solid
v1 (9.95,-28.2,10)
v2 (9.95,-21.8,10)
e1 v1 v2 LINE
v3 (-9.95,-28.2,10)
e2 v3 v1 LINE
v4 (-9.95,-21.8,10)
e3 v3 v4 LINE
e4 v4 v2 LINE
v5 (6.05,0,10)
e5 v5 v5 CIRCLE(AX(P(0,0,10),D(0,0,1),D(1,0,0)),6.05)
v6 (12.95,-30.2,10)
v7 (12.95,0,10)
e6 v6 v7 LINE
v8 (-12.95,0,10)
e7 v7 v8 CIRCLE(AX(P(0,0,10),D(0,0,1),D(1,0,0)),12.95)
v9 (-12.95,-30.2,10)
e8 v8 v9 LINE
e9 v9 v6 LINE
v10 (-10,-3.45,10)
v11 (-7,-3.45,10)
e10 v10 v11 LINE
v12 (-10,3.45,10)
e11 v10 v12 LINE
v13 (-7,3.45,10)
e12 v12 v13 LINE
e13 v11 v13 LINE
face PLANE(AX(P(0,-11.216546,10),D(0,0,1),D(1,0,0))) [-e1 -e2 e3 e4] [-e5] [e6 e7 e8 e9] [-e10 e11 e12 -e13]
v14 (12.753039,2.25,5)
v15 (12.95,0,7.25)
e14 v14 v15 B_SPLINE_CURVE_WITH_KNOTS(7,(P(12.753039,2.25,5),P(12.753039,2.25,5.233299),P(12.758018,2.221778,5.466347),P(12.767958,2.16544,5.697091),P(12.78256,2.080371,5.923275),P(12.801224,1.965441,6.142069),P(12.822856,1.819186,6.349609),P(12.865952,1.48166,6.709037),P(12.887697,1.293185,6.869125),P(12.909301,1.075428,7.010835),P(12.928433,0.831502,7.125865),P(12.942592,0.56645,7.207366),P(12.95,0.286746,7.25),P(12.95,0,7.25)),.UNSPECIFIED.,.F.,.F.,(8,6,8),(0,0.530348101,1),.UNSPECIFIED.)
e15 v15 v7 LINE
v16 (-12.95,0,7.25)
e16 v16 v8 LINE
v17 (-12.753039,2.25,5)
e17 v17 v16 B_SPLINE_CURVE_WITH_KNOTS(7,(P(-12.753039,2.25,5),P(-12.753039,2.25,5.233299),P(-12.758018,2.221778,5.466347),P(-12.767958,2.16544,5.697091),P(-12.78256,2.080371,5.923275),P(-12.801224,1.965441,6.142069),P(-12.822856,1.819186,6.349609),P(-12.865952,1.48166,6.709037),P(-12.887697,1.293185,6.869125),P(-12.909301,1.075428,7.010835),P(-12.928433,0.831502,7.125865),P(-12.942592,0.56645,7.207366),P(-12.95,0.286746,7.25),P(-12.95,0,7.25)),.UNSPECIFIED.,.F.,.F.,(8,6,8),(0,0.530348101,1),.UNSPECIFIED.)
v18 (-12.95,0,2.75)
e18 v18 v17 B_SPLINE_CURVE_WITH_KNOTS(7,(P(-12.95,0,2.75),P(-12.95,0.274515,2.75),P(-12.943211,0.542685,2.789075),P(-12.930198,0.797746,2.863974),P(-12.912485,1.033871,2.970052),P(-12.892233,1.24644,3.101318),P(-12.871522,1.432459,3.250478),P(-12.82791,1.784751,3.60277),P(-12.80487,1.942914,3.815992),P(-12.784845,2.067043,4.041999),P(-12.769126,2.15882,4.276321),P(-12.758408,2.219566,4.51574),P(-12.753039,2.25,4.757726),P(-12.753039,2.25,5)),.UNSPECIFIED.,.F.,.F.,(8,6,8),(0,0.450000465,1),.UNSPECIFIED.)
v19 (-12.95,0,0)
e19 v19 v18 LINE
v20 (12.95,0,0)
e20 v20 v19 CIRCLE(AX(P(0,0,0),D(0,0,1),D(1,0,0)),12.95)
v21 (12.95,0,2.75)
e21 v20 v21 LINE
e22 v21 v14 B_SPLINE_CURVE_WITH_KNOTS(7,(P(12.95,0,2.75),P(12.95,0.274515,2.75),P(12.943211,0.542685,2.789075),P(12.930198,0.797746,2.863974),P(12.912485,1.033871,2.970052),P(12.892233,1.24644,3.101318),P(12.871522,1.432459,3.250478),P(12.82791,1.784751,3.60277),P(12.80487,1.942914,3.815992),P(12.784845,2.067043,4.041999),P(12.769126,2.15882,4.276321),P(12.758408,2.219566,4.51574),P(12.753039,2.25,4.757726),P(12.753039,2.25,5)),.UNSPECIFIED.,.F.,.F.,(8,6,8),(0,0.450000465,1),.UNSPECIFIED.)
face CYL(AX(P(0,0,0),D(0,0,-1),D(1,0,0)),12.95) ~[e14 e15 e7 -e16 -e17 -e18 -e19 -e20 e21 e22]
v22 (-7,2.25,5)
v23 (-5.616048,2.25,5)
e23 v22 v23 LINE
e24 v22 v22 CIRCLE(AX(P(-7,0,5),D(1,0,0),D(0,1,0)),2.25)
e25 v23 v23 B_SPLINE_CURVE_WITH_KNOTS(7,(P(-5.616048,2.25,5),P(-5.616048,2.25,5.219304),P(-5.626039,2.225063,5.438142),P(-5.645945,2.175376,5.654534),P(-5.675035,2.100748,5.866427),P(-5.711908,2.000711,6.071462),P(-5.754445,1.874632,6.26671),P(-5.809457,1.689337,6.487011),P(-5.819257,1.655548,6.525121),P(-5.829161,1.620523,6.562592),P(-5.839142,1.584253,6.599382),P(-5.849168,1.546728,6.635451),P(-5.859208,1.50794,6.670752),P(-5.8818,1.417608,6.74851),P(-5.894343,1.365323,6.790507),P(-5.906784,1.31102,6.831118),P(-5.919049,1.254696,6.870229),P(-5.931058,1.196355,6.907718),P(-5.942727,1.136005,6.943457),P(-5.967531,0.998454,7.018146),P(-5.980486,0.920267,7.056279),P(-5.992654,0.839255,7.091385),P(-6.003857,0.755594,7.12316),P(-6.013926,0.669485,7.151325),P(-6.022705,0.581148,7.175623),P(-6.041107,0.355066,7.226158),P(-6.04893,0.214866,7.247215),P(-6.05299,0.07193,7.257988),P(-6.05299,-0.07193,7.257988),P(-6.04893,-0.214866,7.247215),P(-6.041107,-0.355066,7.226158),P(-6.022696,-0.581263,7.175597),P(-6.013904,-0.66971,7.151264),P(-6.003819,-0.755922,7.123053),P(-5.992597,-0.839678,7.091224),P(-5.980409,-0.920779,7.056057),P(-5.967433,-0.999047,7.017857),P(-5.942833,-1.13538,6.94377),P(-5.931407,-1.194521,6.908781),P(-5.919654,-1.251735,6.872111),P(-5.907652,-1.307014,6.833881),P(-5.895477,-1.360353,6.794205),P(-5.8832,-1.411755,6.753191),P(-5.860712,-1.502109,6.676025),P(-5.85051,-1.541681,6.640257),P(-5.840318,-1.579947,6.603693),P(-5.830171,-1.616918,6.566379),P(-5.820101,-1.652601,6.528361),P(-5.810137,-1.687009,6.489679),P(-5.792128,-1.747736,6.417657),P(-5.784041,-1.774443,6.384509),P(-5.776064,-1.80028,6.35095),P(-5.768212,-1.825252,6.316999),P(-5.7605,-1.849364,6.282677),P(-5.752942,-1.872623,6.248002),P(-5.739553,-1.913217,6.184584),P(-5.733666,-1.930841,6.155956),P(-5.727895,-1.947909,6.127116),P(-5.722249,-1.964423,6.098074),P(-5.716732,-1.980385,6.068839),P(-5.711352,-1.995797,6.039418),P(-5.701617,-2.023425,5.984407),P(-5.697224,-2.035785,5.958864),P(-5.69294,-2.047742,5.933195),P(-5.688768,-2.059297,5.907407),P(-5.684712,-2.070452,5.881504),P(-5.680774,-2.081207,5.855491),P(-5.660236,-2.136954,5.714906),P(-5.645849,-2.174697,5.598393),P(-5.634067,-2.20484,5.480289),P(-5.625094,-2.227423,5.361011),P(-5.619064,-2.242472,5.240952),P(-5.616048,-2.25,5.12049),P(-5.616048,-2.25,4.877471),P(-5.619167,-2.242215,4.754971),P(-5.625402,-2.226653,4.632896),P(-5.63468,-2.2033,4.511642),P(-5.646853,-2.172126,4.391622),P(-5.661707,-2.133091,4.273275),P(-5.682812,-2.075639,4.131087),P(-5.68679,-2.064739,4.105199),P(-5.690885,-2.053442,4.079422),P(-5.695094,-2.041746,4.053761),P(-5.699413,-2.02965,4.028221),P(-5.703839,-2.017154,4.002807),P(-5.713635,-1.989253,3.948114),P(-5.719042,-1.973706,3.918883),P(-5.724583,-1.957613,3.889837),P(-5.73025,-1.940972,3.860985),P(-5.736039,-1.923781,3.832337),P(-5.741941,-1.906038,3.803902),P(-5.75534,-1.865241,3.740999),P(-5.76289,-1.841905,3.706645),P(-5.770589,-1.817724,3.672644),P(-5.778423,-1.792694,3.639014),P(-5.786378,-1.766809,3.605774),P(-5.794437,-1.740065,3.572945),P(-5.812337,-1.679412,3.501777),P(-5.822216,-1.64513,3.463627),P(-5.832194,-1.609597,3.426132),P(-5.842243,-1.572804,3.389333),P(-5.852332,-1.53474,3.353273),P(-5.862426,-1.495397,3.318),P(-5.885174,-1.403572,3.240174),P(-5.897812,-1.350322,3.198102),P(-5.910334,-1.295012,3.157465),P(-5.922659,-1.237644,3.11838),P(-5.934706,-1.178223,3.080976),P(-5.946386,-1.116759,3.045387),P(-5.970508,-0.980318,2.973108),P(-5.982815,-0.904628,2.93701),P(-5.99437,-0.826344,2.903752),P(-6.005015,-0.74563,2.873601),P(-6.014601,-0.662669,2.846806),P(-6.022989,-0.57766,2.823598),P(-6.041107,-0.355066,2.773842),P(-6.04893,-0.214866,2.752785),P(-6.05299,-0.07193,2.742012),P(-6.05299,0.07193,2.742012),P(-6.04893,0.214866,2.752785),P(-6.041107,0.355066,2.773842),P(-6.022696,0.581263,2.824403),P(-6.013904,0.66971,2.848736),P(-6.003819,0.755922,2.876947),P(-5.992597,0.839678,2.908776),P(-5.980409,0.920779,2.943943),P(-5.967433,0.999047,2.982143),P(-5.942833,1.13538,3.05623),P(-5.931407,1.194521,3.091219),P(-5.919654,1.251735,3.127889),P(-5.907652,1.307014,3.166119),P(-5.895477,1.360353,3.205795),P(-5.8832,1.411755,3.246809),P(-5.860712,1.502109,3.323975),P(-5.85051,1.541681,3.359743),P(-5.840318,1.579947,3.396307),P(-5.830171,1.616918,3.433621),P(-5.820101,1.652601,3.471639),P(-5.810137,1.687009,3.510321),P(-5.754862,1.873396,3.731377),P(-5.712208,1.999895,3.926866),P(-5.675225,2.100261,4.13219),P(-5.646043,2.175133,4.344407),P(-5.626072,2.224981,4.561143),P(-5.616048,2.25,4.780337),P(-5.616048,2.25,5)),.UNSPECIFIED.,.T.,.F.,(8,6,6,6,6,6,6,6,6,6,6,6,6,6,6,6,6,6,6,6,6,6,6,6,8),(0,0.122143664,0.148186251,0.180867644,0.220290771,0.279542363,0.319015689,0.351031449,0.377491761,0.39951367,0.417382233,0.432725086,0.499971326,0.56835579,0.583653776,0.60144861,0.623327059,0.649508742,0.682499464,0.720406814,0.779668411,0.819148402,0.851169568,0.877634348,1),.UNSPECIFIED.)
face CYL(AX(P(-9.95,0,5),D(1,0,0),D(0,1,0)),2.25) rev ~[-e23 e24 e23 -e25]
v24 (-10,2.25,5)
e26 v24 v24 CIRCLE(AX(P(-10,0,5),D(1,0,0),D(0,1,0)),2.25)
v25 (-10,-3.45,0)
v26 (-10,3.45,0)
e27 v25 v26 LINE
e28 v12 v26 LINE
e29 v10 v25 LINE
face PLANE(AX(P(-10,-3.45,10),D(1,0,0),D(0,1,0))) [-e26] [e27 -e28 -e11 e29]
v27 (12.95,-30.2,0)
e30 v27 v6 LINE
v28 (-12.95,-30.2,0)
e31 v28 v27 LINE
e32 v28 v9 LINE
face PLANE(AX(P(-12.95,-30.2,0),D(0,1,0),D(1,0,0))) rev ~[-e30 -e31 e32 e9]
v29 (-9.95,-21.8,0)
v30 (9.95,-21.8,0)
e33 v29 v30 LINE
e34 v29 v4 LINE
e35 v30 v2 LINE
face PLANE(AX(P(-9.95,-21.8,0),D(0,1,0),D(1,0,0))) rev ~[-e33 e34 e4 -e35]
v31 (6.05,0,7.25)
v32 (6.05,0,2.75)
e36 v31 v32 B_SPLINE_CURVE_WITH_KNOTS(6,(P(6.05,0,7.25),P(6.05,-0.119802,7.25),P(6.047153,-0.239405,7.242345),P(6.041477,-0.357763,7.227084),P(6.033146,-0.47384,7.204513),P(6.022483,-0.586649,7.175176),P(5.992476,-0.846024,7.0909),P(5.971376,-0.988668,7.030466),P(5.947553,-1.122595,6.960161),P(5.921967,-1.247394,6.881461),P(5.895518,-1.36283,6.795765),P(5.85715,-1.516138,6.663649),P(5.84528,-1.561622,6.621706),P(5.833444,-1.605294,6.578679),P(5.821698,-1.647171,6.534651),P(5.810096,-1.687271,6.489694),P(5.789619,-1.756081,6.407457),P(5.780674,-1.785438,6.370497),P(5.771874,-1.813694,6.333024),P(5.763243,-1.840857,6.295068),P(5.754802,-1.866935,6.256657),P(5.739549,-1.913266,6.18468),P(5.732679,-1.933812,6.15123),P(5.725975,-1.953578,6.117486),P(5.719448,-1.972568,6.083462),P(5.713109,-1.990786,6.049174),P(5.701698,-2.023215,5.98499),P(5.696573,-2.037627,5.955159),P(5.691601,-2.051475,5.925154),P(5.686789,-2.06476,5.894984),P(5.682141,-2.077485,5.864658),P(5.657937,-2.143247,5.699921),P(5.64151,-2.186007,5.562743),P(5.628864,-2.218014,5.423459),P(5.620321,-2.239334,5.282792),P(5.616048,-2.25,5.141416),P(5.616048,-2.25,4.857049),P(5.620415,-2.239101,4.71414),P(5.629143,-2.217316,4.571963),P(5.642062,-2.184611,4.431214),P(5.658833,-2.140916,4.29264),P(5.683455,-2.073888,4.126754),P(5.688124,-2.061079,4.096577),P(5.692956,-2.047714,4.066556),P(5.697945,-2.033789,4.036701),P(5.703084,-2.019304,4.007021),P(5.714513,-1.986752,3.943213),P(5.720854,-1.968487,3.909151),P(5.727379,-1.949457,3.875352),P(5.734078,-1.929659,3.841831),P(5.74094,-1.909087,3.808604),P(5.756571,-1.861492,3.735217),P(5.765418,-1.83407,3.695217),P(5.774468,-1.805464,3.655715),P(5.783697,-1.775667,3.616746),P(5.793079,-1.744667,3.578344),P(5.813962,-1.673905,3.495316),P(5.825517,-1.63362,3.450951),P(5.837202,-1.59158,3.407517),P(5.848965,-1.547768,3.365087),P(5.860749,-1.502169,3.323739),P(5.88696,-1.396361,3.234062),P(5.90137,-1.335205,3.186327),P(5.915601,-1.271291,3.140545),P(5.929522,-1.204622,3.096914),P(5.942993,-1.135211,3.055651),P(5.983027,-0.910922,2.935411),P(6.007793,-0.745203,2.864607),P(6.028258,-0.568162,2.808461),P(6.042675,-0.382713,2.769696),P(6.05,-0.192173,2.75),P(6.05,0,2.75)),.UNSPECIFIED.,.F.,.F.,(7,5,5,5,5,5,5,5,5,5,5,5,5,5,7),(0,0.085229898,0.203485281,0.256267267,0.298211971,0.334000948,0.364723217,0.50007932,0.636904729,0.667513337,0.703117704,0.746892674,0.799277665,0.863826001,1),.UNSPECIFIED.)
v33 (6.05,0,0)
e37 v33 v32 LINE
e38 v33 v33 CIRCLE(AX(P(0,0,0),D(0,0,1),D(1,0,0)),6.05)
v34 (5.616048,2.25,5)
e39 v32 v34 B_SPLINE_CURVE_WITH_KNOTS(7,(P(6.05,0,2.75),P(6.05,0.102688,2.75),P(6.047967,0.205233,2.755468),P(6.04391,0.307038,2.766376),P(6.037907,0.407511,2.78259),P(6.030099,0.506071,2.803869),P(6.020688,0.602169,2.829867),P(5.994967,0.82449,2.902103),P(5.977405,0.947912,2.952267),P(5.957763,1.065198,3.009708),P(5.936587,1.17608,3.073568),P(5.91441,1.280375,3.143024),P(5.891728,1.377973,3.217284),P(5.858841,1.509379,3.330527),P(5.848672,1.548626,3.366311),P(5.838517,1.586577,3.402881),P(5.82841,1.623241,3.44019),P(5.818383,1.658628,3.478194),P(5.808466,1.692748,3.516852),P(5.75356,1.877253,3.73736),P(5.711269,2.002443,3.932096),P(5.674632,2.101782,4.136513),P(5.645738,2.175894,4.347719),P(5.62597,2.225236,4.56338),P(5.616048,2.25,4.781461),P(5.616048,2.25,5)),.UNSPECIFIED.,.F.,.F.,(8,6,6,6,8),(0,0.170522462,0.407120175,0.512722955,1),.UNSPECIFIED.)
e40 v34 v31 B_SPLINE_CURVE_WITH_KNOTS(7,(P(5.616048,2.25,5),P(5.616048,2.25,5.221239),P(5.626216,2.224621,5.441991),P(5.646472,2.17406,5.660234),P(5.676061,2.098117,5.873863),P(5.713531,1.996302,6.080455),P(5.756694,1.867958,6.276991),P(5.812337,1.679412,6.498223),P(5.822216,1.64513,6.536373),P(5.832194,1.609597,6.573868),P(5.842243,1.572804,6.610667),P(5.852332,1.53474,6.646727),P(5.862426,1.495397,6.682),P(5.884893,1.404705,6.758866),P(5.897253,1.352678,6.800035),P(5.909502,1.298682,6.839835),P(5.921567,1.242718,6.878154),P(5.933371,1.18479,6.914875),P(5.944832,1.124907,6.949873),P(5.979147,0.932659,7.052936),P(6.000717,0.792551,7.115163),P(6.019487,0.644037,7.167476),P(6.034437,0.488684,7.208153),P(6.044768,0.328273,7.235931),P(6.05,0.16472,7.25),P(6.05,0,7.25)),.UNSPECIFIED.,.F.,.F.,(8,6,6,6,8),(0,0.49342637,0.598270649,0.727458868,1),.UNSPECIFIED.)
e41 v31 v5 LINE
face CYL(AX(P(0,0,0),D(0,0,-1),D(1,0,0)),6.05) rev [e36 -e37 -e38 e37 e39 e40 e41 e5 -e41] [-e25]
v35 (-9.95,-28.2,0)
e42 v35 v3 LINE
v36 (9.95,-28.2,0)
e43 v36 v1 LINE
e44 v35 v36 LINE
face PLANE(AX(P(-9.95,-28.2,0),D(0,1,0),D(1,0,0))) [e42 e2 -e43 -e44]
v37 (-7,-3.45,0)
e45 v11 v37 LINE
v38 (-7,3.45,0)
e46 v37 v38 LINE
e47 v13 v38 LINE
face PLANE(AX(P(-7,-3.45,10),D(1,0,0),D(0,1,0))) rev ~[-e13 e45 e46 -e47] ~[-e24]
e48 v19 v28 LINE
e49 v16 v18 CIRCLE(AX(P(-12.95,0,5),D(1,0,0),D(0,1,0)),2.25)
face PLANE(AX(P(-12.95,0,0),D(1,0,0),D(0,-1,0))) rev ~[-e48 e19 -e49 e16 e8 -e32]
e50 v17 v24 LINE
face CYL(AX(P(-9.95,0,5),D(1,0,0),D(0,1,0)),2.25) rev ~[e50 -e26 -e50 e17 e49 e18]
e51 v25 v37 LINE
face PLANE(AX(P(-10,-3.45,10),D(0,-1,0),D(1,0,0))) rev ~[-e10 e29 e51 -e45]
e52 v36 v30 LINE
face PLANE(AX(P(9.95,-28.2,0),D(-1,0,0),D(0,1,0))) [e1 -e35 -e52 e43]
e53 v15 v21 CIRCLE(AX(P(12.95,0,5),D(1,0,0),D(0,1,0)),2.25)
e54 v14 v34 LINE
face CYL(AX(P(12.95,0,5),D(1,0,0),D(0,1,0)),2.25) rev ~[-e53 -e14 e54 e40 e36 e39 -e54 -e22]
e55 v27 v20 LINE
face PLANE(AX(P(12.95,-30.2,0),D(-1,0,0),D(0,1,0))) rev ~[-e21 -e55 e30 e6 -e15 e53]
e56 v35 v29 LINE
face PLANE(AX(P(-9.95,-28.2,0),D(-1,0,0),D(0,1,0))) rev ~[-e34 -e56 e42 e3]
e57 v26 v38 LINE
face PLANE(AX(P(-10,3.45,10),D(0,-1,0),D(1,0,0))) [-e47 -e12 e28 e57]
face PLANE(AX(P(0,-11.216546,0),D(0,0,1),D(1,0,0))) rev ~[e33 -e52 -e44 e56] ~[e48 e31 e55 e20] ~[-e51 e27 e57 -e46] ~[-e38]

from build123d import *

# Parameters (mm, degrees)
SKETCH_R        = 6.05
SKETCH_W        = 19.9
SKETCH_H        = 6.4
PAD_DEPTH       = 10
SKETCH002_W     = 3
SKETCH002_H     = 6.9
POCKET001_DEPTH = 12
SKETCH003_R     = 2.25
POCKET_DEPTH    = 6
SKETCH004_R     = 2.25
POCKET002_DEPTH = 25.901


with BuildPart() as part:
    # Sketch → Pad (new body)
    with BuildSketch(Plane.XY):
        with BuildLine():
            ThreePointArc((12.95, 0), (0, 12.95), (-12.95, 0))
            Line((-12.95, 0), (-12.95, -30.2))
            Line((-12.95, -30.2), (12.95, -30.2))
            Line((12.95, -30.2), (12.95, 0))
        make_face()
        Circle(SKETCH_R, mode=Mode.SUBTRACT)
        with Locations((0, -25)):
            Rectangle(SKETCH_W, SKETCH_H, mode=Mode.SUBTRACT)
    extrude(amount=PAD_DEPTH)

    # Sketch002 → Pocket001 (cut)
    with BuildSketch(Plane.XY.offset(10)):
        with Locations((-8.5, 0)):
            Rectangle(SKETCH002_W, SKETCH002_H)
    extrude(amount=-POCKET001_DEPTH, mode=Mode.SUBTRACT)

    # Sketch003 → Pocket (cut, symmetric)
    with BuildSketch(Plane.YZ.offset(-9.95)):
        with Locations((0, 5)):
            Circle(SKETCH003_R)
    extrude(amount=POCKET_DEPTH, both=True, mode=Mode.SUBTRACT)

    # Sketch004 → Pocket002 (cut, through all)
    with BuildSketch(Plane.YZ.offset(12.95)):
        with Locations((0, 5)):
            Circle(SKETCH004_R)
    extrude(amount=-POCKET002_DEPTH, mode=Mode.SUBTRACT)


solid = part.part
